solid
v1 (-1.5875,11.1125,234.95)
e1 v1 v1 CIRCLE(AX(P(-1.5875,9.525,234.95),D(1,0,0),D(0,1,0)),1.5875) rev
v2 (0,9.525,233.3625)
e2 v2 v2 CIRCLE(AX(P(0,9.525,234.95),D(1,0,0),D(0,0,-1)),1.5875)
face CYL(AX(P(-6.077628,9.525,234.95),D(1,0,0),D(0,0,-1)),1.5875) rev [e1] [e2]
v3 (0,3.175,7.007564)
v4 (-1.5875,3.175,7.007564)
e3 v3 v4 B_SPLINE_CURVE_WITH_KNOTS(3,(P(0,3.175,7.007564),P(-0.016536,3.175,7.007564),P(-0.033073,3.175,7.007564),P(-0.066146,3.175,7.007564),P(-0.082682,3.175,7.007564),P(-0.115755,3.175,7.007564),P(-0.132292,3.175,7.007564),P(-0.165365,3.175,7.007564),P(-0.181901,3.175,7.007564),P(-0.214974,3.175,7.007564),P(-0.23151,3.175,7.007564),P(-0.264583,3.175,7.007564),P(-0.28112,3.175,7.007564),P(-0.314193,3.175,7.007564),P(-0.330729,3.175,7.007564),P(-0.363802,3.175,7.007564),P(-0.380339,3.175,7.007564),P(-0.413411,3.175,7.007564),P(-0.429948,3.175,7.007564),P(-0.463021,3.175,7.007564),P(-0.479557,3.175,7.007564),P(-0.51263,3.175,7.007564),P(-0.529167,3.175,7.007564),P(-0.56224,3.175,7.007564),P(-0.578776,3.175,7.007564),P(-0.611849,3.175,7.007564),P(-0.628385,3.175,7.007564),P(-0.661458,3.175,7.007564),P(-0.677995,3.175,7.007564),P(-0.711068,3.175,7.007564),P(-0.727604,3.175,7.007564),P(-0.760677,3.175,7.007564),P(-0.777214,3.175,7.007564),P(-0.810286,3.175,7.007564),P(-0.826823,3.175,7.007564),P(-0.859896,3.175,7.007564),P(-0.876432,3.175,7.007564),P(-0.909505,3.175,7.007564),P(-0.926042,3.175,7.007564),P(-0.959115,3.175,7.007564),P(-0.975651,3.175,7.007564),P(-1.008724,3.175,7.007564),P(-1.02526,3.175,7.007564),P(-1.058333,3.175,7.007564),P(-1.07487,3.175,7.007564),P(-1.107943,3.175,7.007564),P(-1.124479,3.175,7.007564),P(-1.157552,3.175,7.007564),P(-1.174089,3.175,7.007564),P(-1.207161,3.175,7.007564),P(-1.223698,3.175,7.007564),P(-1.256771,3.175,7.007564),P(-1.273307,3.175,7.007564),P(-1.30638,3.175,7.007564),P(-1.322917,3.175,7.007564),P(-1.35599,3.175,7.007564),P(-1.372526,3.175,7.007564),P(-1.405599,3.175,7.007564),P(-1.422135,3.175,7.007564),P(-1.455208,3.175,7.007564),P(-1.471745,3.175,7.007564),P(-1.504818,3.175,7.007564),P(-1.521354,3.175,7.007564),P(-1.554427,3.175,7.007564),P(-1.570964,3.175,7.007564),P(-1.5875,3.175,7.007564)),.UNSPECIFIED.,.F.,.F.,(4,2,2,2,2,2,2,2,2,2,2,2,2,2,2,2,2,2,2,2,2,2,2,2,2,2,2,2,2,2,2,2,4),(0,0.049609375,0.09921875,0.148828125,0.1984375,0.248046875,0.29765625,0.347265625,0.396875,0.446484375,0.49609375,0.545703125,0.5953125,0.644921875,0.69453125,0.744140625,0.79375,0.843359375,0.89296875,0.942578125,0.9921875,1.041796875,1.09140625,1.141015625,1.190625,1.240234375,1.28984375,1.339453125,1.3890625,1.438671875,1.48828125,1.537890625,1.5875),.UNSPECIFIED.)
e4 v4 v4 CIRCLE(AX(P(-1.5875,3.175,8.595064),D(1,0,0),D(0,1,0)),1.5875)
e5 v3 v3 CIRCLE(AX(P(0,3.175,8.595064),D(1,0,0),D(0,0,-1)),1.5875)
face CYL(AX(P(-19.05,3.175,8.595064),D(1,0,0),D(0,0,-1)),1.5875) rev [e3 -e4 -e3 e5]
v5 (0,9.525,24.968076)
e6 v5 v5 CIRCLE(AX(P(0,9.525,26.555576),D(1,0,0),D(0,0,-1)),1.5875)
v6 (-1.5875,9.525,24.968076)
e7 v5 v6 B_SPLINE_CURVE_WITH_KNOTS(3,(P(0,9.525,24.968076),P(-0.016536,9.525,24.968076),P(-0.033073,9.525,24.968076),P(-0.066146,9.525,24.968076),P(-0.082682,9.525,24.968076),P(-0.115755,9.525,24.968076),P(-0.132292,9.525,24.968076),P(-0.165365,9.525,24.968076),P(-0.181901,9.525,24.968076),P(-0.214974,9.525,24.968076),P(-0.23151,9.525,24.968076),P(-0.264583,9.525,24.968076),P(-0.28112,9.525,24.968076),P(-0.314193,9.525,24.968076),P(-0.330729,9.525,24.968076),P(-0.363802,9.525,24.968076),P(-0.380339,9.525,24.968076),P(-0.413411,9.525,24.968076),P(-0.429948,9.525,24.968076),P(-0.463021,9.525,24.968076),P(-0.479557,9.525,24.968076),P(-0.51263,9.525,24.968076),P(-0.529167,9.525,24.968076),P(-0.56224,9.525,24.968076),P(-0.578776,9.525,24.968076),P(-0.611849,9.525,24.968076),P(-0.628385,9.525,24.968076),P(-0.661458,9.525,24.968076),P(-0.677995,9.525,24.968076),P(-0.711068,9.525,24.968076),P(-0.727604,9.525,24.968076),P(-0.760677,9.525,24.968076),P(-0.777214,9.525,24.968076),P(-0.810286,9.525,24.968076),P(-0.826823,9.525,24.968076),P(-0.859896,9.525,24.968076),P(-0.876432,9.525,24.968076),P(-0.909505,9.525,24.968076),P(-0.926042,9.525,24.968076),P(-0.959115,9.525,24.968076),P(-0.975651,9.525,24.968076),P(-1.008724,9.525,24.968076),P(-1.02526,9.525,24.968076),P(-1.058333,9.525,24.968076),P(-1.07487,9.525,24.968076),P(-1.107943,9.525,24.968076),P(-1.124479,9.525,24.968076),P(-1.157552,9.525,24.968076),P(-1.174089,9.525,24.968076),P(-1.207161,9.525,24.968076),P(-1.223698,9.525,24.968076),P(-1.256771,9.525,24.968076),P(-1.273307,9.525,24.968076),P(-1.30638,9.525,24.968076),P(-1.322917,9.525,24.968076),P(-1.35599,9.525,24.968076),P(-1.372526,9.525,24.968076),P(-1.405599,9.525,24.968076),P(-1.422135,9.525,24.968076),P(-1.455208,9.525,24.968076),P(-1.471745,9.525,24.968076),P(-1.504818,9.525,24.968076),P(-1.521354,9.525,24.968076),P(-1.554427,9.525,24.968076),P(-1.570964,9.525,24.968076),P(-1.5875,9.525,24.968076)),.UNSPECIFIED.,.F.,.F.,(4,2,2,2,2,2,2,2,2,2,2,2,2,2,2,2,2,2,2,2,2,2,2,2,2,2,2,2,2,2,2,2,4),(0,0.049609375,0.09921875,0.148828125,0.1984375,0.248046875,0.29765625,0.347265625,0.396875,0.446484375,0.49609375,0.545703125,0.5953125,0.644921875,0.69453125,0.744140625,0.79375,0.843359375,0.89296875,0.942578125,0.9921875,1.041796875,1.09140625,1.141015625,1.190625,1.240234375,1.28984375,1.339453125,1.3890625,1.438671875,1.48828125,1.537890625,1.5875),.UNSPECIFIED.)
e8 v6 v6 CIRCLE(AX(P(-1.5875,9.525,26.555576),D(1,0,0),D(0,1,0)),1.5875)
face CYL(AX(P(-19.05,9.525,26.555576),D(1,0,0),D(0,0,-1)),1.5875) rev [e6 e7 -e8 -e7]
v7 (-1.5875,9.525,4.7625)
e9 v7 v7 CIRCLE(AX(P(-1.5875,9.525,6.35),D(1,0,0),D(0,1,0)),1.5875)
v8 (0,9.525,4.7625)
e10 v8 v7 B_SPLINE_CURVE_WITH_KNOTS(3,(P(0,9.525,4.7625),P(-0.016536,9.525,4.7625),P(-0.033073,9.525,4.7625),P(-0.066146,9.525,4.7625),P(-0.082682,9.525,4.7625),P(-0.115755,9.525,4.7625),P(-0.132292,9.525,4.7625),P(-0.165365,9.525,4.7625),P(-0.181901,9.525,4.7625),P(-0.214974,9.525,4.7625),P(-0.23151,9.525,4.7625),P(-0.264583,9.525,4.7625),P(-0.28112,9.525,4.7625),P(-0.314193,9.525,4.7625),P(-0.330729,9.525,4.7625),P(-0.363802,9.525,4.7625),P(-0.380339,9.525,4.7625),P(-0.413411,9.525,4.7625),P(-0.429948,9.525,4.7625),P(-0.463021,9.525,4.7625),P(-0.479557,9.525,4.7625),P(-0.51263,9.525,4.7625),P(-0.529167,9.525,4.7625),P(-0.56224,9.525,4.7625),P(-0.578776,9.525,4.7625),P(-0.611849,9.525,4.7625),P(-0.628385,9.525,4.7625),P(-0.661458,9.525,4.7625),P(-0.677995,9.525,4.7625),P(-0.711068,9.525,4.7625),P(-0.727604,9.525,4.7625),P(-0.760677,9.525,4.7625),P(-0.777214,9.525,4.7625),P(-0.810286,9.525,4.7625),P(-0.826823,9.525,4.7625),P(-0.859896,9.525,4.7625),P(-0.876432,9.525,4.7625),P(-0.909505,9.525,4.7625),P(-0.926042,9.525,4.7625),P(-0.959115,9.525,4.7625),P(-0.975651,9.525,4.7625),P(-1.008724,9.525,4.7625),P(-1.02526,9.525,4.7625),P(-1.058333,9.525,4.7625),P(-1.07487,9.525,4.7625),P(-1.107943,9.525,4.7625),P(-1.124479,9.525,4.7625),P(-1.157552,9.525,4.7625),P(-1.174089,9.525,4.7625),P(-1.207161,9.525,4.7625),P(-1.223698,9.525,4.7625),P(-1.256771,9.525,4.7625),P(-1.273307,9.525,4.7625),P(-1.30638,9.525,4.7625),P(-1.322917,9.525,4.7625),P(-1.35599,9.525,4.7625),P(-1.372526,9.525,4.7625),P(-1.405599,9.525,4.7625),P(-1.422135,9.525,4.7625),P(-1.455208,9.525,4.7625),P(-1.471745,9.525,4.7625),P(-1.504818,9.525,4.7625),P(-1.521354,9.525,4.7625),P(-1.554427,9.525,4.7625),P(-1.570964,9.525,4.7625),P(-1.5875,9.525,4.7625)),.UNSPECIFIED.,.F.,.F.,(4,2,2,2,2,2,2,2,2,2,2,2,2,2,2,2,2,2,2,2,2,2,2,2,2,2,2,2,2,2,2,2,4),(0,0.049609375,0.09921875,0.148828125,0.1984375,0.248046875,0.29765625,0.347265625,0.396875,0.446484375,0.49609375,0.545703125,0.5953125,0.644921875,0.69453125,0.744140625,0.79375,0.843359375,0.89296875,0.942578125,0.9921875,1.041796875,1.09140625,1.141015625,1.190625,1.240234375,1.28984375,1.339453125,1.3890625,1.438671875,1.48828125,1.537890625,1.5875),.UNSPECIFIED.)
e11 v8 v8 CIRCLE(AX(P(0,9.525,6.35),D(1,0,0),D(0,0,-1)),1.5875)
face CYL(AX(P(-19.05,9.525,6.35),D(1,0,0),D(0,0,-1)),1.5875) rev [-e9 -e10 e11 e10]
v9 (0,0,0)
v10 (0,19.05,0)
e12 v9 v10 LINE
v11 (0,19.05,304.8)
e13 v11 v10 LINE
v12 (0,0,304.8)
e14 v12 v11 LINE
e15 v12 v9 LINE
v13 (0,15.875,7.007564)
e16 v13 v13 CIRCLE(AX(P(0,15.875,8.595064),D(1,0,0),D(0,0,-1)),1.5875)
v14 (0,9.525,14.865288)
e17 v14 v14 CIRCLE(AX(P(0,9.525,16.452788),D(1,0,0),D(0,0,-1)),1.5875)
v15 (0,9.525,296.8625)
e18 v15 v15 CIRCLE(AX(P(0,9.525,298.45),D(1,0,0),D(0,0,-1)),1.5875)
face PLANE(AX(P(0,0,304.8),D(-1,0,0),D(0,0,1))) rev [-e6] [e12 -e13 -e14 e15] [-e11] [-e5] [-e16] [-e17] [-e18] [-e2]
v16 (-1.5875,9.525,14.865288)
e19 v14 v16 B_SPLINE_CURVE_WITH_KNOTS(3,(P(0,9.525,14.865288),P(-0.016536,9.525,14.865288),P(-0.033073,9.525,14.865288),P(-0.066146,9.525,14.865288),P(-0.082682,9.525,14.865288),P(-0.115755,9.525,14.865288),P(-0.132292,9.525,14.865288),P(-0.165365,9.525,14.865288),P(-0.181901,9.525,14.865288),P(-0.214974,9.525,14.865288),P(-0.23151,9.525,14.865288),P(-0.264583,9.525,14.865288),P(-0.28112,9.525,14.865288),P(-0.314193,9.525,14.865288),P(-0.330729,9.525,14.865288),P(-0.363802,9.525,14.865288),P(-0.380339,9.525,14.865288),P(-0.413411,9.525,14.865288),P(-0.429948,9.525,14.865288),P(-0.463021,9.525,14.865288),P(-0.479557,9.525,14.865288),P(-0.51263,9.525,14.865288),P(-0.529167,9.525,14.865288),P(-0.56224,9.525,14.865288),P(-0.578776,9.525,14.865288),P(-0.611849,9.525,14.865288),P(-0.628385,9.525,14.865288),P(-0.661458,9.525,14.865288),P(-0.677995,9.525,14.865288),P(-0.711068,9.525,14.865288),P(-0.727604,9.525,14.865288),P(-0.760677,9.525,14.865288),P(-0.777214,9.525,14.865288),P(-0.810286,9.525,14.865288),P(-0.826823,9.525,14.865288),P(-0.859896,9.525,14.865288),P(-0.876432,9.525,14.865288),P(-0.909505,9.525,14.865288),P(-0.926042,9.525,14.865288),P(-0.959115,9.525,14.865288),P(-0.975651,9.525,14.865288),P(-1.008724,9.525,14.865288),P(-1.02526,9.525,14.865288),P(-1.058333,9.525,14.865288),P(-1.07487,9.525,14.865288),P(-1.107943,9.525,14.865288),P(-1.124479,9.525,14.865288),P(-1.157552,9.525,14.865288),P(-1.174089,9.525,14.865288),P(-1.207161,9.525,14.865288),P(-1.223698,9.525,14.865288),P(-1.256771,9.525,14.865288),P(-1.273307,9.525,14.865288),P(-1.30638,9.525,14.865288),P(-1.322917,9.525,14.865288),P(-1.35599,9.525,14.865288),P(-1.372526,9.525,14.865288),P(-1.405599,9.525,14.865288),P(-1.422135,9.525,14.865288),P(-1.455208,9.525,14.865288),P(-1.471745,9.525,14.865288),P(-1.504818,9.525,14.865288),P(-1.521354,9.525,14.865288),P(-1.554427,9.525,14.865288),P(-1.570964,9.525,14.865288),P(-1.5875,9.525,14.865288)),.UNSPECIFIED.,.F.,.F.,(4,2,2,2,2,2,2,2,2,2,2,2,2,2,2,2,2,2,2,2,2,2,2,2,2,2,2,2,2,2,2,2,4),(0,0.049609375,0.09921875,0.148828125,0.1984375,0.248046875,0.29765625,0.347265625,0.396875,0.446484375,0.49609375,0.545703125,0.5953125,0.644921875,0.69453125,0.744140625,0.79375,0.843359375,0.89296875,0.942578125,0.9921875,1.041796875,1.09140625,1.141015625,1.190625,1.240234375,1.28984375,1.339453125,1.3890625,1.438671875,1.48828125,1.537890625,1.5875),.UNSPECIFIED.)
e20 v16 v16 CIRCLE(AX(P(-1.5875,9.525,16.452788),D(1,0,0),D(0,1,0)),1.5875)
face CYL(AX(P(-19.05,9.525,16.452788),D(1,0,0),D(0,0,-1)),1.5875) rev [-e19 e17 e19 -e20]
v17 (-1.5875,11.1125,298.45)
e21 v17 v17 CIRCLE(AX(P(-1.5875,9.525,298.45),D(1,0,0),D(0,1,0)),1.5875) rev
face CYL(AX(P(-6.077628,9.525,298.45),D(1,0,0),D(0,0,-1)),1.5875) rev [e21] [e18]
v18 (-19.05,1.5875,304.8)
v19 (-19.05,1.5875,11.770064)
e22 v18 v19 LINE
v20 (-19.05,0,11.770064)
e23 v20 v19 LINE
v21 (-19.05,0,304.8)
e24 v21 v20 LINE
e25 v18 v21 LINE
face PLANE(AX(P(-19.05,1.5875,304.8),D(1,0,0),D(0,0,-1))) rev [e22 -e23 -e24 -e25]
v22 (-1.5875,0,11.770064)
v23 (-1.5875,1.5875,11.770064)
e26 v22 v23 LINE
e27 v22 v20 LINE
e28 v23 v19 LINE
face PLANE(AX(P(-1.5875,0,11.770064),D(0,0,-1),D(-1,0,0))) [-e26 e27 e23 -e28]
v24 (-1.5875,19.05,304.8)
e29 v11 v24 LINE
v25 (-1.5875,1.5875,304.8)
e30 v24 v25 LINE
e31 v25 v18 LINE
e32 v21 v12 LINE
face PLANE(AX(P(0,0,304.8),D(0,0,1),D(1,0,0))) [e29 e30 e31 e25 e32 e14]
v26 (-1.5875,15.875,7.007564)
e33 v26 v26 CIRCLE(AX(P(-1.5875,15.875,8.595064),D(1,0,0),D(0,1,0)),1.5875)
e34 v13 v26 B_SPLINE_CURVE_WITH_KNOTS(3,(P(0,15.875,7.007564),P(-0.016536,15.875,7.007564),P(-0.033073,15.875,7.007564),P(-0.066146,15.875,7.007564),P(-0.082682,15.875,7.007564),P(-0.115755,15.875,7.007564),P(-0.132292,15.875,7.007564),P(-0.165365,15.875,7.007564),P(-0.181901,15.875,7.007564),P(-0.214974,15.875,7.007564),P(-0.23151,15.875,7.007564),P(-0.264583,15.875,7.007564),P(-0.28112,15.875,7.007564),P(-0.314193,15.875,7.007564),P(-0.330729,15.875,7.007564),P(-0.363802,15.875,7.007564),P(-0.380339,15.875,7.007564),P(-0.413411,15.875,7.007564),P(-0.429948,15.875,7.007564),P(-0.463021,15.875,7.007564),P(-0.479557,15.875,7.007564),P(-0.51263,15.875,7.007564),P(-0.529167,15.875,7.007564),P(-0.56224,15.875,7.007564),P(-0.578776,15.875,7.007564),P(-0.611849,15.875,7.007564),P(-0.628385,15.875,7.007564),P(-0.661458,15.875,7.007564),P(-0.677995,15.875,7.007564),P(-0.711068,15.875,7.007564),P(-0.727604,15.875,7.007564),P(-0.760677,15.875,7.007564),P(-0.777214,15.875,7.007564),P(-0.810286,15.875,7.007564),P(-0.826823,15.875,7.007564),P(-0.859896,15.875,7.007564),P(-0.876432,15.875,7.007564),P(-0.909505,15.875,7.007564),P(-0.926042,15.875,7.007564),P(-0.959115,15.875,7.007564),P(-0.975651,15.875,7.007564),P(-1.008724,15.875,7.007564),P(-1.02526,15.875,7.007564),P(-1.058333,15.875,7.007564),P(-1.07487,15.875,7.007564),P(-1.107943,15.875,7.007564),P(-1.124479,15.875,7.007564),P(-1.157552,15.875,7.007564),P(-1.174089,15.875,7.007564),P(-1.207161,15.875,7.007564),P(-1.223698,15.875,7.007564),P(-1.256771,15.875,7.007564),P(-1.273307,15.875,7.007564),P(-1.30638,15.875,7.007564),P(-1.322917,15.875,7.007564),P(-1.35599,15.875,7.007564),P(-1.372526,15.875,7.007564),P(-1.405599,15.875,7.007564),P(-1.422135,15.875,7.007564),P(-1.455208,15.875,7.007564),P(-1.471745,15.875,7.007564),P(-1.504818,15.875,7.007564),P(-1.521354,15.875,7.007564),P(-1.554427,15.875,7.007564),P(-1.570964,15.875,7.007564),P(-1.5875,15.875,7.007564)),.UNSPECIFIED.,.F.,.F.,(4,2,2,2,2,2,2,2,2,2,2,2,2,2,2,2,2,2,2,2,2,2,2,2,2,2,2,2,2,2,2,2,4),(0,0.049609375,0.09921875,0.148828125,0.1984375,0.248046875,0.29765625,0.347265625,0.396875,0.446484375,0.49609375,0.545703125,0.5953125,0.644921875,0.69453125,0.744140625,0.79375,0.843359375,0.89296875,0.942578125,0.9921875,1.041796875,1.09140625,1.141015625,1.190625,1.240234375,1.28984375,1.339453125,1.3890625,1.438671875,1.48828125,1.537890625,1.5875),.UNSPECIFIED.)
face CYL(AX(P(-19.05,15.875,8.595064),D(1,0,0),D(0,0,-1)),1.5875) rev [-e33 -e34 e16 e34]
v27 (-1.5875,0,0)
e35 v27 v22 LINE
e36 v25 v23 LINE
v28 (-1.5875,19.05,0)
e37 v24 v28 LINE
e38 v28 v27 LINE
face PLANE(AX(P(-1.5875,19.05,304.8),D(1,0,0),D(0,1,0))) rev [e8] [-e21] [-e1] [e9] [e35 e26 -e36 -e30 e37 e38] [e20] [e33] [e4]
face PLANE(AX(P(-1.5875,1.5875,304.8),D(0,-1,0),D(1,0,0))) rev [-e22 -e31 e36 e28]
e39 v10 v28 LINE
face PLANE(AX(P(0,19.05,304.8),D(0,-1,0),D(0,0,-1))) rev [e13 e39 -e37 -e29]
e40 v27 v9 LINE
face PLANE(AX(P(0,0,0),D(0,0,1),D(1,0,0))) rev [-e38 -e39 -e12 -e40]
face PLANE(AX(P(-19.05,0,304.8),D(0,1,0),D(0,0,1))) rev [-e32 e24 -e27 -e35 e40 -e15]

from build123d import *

# Parameters (mm, degrees)
EXTRUDE1_DEPTH     = 304.8
SKETCH2_R          = 1.5875
EXTRUDE2_DEPTH     = 1.5875
SKETCH3_R          = 1.5875
CUT_EXTRUDE3_DEPTH = 306.9883086
SKETCH6_R          = 1.5875
CUT_EXTRUDE5_DEPTH = 306.9883086
SKETCH7_W          = 17.4625
SKETCH7_H          = 11.77006403
CUT_EXTRUDE6_DEPTH = 306.893578563


with BuildPart() as part:
    # Sketch1 → Extrude1 (new body)
    with BuildSketch(Plane.XY):
        Polygon((0, 0), (0, 19.05), (-1.5875, 19.05), (-1.5875, 1.5875), (-19.05, 1.5875), (-19.05, 0), align=None)
    extrude(amount=EXTRUDE1_DEPTH)

    # Sketch2 → Extrude2 (cut)
    with BuildSketch(Plane(origin=(0, 0, 0), x_dir=(0, 0, -1), z_dir=(1, 0, 0))):
        with Locations((-298.45, 9.525)):
            Circle(SKETCH2_R)
        with Locations((-234.95, 9.525)):
            Circle(SKETCH2_R)
    extrude(amount=-EXTRUDE2_DEPTH, mode=Mode.SUBTRACT)

    # Sketch3 → Cut-Extrude3 (cut, through all)
    with BuildSketch(Plane(origin=(0, 0, 0), x_dir=(0, 0, -1), z_dir=(1, 0, 0))):
        with Locations((-26.555576272, 9.525)):
            Circle(SKETCH3_R)
        with Locations((-16.452788136, 9.525)):
            Circle(SKETCH3_R)
    extrude(amount=-CUT_EXTRUDE3_DEPTH, mode=Mode.SUBTRACT)

    # Sketch6 → Cut-Extrude5 (cut, through all)
    with BuildSketch(Plane(origin=(0, 0, 0), x_dir=(0, 0, -1), z_dir=(1, 0, 0))):
        with Locations((-8.59506403, 15.875)):
            Circle(SKETCH6_R)
        with Locations((-8.59506403, 3.175)):
            Circle(SKETCH6_R)
        with Locations((-6.35, 9.525)):
            Circle(SKETCH6_R)
    extrude(amount=-CUT_EXTRUDE5_DEPTH, mode=Mode.SUBTRACT)

    # Sketch7 → Cut-Extrude6 (cut, through all)
    with BuildSketch(Plane(origin=(0, 1.5875, 0), x_dir=(1, 0, 0), z_dir=(0, 1, 0))):
        with Locations((-10.31875, -5.885032015)):
            Rectangle(SKETCH7_W, SKETCH7_H)
    extrude(amount=-CUT_EXTRUDE6_DEPTH, mode=Mode.SUBTRACT)


solid = part.part
